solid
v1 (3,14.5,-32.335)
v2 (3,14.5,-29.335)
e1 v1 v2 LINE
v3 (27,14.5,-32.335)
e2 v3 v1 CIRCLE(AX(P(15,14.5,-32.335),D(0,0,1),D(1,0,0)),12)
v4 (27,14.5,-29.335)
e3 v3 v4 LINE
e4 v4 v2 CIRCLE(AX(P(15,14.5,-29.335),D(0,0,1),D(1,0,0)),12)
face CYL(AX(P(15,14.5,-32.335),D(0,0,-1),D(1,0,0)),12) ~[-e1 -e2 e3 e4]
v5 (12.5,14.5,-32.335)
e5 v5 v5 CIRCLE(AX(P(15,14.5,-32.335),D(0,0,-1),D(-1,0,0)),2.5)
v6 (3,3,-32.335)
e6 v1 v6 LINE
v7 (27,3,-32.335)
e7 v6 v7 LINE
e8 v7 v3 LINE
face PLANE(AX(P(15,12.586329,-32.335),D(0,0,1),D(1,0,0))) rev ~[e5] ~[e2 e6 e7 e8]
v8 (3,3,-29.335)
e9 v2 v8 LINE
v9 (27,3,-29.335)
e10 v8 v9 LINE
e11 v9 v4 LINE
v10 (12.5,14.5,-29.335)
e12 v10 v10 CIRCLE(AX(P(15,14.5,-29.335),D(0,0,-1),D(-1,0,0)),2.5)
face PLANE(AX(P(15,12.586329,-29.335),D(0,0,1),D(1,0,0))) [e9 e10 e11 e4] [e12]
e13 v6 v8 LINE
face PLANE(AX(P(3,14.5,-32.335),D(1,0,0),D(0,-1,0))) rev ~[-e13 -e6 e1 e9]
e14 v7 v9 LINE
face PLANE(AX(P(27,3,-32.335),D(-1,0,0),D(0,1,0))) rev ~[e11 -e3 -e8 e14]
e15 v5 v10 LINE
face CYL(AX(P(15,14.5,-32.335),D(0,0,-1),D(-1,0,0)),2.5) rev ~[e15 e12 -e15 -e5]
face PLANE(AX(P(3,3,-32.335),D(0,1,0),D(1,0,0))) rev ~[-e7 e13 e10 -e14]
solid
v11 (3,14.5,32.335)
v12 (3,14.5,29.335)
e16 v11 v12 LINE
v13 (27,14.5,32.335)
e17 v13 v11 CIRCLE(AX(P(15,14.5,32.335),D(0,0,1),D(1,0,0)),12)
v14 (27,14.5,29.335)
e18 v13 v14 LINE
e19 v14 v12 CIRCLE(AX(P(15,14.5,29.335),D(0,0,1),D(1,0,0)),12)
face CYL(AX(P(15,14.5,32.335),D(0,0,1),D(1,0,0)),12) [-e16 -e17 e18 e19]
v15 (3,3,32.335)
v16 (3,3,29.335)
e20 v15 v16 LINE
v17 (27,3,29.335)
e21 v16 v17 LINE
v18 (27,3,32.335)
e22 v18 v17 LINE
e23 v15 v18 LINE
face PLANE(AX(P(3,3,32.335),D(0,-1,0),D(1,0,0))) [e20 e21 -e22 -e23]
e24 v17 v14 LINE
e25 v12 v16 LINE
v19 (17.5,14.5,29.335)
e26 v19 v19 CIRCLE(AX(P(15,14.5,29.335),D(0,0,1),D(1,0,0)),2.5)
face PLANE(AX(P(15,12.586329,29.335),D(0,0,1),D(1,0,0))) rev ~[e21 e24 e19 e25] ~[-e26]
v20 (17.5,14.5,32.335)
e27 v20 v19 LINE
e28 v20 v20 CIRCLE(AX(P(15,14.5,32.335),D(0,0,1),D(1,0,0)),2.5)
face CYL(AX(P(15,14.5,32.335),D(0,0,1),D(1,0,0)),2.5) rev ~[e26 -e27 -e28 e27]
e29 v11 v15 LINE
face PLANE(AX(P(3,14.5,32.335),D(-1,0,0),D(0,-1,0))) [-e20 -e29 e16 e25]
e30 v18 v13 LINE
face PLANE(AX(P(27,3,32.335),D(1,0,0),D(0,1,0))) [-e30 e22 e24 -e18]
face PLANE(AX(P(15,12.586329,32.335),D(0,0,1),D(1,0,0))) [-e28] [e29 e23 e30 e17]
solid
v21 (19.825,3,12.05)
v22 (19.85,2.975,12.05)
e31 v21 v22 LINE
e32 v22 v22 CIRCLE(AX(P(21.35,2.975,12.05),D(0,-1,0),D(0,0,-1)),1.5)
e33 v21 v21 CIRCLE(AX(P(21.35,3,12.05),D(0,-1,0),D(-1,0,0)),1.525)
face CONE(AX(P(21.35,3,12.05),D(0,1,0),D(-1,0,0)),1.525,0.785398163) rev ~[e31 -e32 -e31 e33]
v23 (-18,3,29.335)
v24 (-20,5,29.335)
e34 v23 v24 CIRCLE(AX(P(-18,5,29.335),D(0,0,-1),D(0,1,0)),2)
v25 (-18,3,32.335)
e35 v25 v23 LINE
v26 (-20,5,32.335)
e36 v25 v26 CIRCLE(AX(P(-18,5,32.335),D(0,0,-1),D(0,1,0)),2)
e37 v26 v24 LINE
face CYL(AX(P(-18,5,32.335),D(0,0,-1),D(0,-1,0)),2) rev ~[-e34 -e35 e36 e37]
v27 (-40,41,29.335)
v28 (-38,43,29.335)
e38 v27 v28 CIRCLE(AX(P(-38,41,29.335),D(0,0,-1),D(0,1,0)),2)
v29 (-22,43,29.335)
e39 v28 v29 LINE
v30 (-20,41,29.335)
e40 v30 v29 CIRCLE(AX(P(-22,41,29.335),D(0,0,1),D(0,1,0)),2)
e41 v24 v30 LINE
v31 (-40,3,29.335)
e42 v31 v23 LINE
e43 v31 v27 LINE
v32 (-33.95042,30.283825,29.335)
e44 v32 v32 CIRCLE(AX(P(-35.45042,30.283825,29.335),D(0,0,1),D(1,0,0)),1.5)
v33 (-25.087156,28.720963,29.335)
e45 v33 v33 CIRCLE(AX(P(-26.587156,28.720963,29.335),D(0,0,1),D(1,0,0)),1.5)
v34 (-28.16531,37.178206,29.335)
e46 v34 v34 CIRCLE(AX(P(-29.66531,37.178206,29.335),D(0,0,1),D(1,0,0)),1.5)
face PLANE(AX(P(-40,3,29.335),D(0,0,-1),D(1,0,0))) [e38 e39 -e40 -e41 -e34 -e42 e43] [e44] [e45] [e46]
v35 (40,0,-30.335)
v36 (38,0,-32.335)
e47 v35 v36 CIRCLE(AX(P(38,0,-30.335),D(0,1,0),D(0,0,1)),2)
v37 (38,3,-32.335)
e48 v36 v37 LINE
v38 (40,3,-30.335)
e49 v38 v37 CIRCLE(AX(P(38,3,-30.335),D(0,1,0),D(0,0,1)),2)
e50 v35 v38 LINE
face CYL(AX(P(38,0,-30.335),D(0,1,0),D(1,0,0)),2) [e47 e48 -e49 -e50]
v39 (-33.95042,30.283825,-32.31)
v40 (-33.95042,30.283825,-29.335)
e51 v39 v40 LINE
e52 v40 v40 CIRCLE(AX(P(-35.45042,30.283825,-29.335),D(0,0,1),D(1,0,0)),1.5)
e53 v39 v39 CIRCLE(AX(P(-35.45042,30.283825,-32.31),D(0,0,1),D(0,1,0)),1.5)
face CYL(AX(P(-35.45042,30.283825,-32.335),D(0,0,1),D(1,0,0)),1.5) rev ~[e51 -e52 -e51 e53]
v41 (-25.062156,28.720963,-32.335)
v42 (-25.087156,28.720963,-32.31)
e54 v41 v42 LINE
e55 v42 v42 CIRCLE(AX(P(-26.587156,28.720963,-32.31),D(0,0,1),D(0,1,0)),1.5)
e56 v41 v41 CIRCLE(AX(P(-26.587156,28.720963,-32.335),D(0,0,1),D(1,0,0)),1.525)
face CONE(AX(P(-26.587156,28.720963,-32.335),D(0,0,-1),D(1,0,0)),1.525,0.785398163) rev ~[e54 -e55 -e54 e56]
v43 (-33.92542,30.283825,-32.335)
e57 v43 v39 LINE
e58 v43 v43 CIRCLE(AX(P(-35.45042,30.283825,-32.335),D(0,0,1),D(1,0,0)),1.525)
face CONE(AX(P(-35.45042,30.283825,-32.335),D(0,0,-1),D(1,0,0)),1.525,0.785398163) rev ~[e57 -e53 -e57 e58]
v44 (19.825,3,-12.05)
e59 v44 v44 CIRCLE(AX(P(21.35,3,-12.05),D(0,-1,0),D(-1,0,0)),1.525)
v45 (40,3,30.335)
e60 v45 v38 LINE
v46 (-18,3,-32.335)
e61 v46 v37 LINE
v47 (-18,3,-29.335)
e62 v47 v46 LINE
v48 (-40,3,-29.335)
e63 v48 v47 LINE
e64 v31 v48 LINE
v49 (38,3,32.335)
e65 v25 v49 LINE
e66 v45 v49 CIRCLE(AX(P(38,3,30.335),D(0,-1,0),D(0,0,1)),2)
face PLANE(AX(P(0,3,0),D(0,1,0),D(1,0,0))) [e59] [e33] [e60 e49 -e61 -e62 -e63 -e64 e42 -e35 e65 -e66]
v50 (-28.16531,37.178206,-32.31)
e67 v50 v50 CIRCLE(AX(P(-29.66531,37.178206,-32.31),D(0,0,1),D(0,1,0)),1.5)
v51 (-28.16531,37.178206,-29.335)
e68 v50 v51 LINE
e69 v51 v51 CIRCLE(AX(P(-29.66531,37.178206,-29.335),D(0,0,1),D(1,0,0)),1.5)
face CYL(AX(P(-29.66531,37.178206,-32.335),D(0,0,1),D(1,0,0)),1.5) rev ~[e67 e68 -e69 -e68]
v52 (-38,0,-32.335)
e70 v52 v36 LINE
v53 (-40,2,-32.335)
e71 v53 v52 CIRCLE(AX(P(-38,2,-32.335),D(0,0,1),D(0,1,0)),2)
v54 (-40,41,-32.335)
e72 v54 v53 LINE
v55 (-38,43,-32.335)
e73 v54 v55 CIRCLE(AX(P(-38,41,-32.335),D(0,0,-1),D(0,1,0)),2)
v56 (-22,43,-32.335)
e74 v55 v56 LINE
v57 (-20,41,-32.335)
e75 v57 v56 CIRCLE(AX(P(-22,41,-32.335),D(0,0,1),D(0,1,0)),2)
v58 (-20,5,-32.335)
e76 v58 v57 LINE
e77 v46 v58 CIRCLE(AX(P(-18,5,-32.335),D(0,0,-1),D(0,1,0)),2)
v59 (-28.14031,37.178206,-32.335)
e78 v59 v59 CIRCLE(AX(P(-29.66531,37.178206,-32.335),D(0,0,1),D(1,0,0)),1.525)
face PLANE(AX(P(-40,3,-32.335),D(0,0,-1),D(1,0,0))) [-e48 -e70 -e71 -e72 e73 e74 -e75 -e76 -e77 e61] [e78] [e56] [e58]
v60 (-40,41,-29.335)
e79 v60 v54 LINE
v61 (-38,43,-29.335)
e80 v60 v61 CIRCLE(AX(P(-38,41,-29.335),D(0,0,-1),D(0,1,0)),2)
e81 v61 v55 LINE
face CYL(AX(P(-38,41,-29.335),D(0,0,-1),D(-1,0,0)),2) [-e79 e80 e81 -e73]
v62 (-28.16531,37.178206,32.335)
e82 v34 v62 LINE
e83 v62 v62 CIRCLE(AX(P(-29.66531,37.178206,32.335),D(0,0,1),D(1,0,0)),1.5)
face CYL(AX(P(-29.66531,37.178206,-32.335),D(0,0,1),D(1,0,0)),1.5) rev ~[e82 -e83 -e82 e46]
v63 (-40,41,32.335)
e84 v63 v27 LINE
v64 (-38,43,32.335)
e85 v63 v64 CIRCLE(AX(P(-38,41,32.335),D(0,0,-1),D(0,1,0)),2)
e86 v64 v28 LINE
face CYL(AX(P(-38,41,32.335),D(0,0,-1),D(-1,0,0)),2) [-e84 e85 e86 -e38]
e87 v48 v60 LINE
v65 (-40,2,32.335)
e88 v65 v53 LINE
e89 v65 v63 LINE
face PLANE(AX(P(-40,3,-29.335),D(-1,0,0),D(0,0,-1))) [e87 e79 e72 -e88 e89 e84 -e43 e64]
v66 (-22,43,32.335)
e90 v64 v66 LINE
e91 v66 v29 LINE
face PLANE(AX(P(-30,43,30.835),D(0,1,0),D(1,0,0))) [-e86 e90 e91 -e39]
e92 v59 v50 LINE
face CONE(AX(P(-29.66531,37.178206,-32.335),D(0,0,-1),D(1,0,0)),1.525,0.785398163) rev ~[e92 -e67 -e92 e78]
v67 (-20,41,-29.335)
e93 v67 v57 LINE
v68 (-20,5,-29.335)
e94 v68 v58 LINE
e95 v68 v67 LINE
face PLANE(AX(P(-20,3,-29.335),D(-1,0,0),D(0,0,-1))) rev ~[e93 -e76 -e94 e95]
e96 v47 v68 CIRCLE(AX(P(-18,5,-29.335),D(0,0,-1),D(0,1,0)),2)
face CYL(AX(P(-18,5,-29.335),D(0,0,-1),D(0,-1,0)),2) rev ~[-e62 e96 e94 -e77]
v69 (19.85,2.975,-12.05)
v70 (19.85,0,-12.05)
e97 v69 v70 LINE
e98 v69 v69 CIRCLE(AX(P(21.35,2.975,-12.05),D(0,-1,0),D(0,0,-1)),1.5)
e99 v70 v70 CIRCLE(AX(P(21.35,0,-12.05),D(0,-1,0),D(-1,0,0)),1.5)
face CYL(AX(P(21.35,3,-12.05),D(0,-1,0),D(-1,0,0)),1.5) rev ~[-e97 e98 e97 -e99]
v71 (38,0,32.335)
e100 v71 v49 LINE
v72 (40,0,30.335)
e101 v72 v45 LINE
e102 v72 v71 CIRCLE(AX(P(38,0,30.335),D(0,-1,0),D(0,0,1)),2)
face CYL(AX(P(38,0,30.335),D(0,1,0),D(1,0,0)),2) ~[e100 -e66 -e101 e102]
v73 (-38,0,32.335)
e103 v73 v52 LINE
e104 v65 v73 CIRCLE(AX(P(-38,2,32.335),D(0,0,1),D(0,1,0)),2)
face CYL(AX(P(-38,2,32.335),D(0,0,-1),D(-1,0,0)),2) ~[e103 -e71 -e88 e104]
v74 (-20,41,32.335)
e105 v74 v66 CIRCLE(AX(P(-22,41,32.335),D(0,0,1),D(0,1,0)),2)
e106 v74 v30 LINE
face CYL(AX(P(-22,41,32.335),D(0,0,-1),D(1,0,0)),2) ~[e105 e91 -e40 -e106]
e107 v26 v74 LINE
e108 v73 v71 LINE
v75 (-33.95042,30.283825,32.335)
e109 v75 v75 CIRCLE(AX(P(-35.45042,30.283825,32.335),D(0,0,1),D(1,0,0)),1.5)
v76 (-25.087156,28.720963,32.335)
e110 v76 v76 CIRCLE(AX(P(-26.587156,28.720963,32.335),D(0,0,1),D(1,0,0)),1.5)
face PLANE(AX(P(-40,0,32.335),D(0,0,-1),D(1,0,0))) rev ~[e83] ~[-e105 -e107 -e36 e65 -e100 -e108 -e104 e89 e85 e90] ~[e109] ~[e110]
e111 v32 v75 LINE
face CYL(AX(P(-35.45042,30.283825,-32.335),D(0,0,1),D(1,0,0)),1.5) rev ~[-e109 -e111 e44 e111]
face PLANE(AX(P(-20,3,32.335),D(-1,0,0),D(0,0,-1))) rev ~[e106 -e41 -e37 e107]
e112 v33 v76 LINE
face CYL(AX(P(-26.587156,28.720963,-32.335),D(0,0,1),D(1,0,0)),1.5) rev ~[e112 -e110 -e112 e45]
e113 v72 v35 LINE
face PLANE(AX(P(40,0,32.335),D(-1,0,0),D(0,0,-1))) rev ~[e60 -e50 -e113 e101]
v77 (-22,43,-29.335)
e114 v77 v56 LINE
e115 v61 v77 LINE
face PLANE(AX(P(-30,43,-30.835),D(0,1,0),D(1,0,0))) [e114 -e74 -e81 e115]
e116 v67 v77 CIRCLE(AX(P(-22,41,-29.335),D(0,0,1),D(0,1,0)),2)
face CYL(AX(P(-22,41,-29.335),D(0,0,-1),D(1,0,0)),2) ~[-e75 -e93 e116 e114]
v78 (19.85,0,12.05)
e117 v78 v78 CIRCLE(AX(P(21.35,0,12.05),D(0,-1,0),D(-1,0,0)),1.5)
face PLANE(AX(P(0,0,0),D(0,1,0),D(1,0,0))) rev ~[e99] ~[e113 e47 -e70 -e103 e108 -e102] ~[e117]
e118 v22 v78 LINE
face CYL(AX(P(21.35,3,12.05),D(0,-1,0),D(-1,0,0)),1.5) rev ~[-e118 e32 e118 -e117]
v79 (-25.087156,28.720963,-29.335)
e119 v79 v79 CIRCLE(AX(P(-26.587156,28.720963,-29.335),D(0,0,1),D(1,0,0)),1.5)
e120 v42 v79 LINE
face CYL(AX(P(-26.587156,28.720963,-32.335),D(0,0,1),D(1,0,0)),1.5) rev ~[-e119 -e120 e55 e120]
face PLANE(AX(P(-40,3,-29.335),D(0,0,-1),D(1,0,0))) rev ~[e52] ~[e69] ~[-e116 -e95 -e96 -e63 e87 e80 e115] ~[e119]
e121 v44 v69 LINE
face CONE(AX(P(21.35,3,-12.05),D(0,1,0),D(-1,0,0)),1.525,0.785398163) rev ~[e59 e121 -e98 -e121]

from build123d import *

# Parameters (mm, degrees)
SKETCH1_W                       = 80
SKETCH1_H                       = 64.67
BOSS_EXTRUDE1_DEPTH             = 3
SKETCH2_W                       = 20
SKETCH2_H                       = 3
BOSS_EXTRUDE2_DEPTH             = 40
F_3_0MM_DOWEL_HOLE1_D           = 3
F_3_0MM_DOWEL_HOLE1_CSINK_D     = 3.05
F_3_0MM_DOWEL_HOLE1_CSINK_ANGLE = 90
FILLET1_R                       = 2
F_3_0MM_DOWEL_HOLE2_D           = 3
F_3_0MM_DOWEL_HOLE2_CSINK_D     = 3.05
F_3_0MM_DOWEL_HOLE2_CSINK_ANGLE = 90
SKETCH9_R                       = 2.5
BOSS_EXTRUDE3_DEPTH             = 3
SKETCH10_R                      = 2.5
BOSS_EXTRUDE4_DEPTH             = 3


with BuildPart() as part:
    # Sketch1 → Boss-Extrude1 (new body)
    with BuildSketch(Plane(origin=(0, 0, 0), x_dir=(1, 0, 0), z_dir=(0, 1, 0))):
        Rectangle(SKETCH1_W, SKETCH1_H)
    extrude(amount=BOSS_EXTRUDE1_DEPTH)

    # Sketch2 → Boss-Extrude2 (add)
    with BuildSketch(Plane(origin=(0, 3, 0), x_dir=(1, 0, 0), z_dir=(0, 1, 0))):
        with Locations((-30, 30.835)):
            Rectangle(SKETCH2_W, SKETCH2_H)
        with Locations((-30, -30.835)):
            Rectangle(SKETCH2_W, SKETCH2_H)
    extrude(amount=BOSS_EXTRUDE2_DEPTH)

    # Ø3.0mm Dowel Hole1 (through all)
    with Locations(Plane(origin=(0, 0, -32.335), x_dir=(-1, 0, 0), z_dir=(0, 0, -1))):
        with Locations((26.587155595, 28.720962624), (35.450420321, 30.283824867), (29.665309553, 37.178206159)):
            CounterSinkHole(F_3_0MM_DOWEL_HOLE1_D / 2, F_3_0MM_DOWEL_HOLE1_CSINK_D / 2, counter_sink_angle=F_3_0MM_DOWEL_HOLE1_CSINK_ANGLE)

    # Fillet1
    fillet1_edges = [part.edges().sort_by_distance(p)[0] for p in [
        (-20, 3, -30.835),
        (-40, 43, -30.835),
        (-20, 43, -30.835),
        (-20, 3, 30.835),
        (-40, 43, 30.835),
        (-20, 43, 30.835),
        (-40, 0, 0),
        (40, 1.5, 32.335),
        (40, 1.5, -32.335),
    ]]
    fillet(fillet1_edges, radius=FILLET1_R)

    # Ø3.0mm Dowel Hole2 (through all)
    with Locations(Plane(origin=(0, 3, 0), x_dir=(1, 0, 0), z_dir=(0, 1, 0))):
        with Locations((21.35, 12.05), (21.35, -12.05)):
            CounterSinkHole(F_3_0MM_DOWEL_HOLE2_D / 2, F_3_0MM_DOWEL_HOLE2_CSINK_D / 2, counter_sink_angle=F_3_0MM_DOWEL_HOLE2_CSINK_ANGLE)


with BuildPart() as body_2:
    # Sketch9 → Boss-Extrude3 (new body)
    with BuildSketch(Plane(origin=(0, 0, -32.335), x_dir=(-1, 0, 0), z_dir=(0, 0, -1))):
        with BuildLine():
            Line((-27, 3), (-27, 14.5))
            ThreePointArc((-27, 14.5), (-15, 26.5), (-3, 14.5))
            Line((-3, 14.5), (-3, 3))
            Line((-3, 3), (-27, 3))
        make_face()
        with Locations((-15, 14.5)):
            Circle(SKETCH9_R, mode=Mode.SUBTRACT)
    extrude(amount=-BOSS_EXTRUDE3_DEPTH)


with BuildPart() as body_3:
    # Sketch10 → Boss-Extrude4 (new body)
    with BuildSketch(Plane.XY.offset(32.335)):
        with BuildLine():
            Line((3, 3), (27, 3))
            Line((27, 3), (27, 14.5))
            ThreePointArc((27, 14.5), (15, 26.5), (3, 14.5))
            Line((3, 14.5), (3, 3))
        make_face()
        with Locations((15, 14.5)):
            Circle(SKETCH10_R, mode=Mode.SUBTRACT)
    extrude(amount=-BOSS_EXTRUDE4_DEPTH)


solid = Compound([part.part, body_2.part, body_3.part])
